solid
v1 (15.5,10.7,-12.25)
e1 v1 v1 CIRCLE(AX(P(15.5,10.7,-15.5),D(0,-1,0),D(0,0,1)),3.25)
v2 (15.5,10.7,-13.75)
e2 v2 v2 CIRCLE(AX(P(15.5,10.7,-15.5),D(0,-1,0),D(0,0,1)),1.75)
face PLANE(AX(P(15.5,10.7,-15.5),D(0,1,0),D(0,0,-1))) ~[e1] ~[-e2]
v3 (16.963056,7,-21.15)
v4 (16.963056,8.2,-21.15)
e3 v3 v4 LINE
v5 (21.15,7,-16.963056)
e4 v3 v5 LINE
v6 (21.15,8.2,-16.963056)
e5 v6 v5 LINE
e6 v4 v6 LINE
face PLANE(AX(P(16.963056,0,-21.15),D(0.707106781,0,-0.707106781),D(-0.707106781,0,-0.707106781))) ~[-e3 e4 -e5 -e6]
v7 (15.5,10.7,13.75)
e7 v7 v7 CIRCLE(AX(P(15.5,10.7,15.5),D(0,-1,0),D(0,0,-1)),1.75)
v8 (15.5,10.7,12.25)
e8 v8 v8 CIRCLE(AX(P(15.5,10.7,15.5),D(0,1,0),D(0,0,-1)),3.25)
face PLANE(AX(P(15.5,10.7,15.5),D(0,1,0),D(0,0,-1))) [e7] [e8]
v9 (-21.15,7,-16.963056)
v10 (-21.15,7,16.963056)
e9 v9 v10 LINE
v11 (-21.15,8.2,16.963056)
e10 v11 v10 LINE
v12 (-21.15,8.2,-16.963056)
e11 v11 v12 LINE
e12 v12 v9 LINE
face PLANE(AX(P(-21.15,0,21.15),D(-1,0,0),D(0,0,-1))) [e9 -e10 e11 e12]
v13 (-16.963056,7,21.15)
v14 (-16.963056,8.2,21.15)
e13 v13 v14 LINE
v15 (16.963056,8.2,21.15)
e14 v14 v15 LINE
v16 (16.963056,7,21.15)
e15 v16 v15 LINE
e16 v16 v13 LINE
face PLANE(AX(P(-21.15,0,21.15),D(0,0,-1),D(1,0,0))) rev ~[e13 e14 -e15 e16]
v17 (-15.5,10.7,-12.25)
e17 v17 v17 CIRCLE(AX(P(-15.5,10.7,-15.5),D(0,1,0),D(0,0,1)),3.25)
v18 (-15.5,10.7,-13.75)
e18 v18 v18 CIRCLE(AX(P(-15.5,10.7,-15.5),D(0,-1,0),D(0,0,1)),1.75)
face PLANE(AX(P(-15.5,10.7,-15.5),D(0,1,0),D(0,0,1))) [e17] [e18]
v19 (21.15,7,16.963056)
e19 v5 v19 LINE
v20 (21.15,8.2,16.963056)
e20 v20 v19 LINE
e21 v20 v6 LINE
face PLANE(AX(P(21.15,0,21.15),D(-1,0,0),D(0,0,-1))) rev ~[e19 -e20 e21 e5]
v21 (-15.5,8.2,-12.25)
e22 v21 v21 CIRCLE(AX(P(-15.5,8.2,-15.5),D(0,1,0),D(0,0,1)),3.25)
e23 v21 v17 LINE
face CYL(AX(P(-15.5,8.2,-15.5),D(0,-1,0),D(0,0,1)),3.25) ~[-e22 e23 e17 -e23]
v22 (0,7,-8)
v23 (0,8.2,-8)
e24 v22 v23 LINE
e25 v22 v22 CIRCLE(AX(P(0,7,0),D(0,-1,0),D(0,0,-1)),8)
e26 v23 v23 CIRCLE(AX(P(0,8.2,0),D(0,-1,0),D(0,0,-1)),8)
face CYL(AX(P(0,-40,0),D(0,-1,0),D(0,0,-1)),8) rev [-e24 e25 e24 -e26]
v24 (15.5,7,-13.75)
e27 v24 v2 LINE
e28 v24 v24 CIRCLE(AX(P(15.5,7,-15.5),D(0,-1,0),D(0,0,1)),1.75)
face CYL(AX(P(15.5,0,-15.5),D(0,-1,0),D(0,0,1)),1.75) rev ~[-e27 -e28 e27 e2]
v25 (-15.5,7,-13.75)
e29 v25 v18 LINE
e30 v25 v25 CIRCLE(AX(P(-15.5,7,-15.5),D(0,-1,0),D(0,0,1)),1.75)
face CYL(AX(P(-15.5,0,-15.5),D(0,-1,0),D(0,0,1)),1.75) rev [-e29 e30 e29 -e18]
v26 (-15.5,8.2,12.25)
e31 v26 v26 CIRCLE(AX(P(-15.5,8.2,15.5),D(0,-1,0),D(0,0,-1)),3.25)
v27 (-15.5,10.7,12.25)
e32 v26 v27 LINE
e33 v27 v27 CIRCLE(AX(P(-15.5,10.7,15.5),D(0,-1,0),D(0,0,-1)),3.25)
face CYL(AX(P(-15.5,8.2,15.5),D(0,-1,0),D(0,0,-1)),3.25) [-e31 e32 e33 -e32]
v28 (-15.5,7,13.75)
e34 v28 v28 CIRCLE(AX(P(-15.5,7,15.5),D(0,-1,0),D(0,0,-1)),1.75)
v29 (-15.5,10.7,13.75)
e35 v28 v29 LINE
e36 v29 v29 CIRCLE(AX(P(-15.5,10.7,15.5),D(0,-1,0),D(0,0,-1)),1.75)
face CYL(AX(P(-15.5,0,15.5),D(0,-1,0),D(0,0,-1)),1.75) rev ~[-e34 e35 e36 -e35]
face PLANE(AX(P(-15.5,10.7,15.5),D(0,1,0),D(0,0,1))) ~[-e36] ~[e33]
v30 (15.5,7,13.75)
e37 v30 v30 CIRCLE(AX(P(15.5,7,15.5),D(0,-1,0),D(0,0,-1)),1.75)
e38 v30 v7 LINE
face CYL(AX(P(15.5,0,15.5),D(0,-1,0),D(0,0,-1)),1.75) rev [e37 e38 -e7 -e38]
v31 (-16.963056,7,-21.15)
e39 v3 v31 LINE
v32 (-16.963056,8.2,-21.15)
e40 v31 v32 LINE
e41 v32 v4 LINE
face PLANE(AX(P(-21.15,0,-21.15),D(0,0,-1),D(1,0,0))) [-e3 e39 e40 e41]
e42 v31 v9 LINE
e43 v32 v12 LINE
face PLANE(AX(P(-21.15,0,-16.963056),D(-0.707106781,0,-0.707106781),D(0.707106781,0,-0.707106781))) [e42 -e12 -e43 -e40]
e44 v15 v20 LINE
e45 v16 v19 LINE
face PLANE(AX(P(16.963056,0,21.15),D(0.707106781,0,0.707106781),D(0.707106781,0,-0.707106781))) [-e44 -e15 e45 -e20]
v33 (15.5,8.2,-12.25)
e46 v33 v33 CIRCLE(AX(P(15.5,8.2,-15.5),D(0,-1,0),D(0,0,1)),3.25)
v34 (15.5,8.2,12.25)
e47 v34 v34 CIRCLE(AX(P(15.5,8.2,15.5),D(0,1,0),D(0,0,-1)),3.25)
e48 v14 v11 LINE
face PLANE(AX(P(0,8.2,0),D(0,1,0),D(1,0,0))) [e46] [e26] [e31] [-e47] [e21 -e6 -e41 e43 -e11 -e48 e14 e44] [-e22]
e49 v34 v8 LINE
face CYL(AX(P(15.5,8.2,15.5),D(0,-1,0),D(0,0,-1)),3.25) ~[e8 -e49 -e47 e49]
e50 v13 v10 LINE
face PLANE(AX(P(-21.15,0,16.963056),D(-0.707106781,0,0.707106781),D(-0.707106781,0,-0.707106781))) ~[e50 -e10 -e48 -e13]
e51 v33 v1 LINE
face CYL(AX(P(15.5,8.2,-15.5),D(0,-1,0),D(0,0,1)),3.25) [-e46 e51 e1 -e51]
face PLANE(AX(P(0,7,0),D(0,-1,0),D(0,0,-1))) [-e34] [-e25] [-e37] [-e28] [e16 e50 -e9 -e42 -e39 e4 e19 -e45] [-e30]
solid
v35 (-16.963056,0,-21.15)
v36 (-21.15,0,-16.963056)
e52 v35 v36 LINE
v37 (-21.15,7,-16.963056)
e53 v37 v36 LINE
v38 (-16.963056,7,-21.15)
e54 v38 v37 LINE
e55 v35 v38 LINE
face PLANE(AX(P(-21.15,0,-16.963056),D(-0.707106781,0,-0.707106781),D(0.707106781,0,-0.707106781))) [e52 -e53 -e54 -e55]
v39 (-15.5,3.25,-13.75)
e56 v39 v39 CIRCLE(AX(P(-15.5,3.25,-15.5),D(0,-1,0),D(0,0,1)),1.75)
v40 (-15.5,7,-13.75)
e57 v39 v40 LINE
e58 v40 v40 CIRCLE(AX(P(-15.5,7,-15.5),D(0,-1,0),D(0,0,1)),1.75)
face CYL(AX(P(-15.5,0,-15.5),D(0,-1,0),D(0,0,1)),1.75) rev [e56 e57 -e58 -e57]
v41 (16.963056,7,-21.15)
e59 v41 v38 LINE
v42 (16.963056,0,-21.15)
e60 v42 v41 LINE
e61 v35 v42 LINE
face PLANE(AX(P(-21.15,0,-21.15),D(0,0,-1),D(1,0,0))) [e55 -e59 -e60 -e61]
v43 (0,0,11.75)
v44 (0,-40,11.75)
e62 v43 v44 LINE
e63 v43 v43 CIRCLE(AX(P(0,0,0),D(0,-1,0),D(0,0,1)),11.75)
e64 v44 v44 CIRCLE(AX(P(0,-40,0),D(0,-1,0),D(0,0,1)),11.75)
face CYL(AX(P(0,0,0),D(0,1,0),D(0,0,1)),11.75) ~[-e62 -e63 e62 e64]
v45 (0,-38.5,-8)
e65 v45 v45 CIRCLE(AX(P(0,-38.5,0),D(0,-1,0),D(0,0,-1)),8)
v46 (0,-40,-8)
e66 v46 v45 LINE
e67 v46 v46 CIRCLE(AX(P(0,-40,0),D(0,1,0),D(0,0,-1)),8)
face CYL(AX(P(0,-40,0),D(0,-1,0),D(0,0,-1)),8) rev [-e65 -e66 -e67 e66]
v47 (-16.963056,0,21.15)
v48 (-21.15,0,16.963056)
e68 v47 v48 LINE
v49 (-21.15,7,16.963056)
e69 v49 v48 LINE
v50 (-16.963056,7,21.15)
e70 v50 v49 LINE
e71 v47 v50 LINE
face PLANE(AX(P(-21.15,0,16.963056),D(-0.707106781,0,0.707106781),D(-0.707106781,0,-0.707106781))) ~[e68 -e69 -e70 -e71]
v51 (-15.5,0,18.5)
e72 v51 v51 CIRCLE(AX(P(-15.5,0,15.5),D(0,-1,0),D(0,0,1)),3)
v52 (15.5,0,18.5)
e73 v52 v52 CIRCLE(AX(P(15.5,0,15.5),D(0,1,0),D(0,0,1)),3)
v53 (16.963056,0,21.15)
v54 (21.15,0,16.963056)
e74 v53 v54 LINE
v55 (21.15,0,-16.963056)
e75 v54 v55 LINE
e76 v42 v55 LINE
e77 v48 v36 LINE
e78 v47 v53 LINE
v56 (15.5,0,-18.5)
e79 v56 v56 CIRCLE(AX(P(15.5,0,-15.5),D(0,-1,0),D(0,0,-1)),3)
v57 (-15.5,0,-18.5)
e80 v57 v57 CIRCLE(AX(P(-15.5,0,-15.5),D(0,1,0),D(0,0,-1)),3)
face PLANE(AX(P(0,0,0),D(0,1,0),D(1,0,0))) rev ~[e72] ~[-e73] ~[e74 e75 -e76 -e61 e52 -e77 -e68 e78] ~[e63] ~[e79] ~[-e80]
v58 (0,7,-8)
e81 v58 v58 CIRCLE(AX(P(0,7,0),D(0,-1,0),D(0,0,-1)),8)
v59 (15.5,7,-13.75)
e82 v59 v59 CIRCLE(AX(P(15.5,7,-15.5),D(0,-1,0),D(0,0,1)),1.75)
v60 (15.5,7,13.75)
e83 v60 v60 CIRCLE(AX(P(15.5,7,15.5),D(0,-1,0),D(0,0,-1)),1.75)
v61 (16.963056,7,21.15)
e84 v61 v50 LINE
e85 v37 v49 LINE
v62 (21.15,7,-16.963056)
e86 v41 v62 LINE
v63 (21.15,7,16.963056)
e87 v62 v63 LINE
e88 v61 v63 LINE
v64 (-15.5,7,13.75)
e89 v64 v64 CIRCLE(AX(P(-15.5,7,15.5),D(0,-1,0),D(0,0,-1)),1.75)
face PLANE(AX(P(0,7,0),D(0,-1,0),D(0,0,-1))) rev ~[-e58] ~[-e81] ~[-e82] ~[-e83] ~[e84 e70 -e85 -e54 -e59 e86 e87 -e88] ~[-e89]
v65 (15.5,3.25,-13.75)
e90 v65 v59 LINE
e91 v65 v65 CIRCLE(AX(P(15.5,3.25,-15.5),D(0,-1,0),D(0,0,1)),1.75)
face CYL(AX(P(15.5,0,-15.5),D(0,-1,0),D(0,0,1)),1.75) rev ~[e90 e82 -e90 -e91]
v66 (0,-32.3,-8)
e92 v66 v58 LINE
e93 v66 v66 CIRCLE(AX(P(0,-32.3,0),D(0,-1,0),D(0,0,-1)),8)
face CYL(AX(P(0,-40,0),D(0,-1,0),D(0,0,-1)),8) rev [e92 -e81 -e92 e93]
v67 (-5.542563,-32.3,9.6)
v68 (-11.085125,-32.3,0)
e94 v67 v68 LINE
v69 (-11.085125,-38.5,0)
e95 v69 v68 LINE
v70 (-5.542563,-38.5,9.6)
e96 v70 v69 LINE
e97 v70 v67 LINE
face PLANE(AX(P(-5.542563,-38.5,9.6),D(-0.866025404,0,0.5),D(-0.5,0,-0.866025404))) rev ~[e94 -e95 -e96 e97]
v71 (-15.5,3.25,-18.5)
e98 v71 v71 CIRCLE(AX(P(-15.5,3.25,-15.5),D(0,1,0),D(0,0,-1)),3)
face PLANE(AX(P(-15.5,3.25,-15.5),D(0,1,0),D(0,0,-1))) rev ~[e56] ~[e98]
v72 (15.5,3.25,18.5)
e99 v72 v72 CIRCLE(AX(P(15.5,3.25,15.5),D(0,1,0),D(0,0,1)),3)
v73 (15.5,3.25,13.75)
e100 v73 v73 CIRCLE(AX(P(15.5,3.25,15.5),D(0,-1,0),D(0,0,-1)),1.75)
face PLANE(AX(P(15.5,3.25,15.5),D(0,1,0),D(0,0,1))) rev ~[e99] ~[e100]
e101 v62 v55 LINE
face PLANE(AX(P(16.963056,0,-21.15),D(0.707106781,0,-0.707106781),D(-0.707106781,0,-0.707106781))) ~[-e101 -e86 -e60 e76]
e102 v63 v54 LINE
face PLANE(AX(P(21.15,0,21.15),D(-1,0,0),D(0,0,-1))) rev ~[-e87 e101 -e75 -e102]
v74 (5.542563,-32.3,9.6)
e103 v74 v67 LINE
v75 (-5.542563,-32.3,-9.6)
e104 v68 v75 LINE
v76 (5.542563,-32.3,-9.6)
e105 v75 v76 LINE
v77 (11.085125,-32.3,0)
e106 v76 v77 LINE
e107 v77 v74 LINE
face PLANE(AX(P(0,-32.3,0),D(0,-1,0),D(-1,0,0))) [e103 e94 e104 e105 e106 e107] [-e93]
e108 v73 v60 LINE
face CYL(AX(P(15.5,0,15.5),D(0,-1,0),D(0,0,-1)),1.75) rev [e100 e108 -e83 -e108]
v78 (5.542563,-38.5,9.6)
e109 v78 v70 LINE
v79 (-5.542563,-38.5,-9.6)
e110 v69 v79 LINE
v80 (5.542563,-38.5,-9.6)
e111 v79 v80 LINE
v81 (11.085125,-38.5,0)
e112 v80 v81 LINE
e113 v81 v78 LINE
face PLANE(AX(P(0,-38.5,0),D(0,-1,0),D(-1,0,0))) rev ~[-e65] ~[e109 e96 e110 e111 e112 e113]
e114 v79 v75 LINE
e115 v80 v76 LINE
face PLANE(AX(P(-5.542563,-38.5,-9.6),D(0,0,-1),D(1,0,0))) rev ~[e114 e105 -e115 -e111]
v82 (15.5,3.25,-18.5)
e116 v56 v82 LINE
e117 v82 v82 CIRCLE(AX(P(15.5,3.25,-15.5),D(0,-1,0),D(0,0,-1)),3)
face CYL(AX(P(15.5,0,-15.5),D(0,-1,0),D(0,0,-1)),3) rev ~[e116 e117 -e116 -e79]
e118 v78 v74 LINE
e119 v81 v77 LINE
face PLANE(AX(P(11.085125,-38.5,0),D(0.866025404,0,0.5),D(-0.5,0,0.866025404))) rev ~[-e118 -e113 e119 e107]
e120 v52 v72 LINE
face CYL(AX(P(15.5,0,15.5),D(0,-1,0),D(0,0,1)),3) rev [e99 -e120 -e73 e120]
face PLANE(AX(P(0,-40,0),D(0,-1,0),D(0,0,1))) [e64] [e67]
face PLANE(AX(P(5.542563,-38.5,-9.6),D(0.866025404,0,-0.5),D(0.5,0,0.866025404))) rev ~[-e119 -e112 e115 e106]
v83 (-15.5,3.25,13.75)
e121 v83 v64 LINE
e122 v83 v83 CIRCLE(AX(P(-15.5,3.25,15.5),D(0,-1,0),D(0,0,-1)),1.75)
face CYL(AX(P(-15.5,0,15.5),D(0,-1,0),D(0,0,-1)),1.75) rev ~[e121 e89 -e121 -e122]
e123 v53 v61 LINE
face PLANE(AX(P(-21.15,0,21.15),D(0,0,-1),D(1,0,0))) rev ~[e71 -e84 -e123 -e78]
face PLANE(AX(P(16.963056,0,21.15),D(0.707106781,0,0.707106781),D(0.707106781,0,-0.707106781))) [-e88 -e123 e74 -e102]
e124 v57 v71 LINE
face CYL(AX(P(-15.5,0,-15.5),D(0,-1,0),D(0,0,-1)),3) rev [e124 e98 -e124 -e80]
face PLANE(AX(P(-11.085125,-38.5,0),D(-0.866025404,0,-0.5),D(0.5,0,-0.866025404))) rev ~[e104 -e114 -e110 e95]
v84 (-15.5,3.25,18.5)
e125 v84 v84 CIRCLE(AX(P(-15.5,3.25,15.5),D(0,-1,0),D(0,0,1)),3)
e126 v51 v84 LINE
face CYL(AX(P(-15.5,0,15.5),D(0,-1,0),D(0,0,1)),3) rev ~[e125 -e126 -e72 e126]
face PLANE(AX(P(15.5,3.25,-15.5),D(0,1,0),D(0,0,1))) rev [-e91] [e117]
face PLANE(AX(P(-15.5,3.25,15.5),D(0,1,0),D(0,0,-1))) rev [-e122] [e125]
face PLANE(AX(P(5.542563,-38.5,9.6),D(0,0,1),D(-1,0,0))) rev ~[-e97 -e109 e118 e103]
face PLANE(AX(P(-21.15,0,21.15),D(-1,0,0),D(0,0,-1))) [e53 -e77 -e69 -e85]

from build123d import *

# Parameters (mm, degrees)
SKETCH1_W               = 42.3
SKETCH1_H               = 42.3
BOSS_EXTRUDE1_DEPTH     = 8.2
CUT_EXTRUDE3_DEPTH      = 32.014270909
SKETCH6_R               = 3.25
BOSS_EXTRUDE2_DEPTH     = 2.5
SKETCH7_R               = 1.75
CUT_EXTRUDE6_DEPTH      = 32.766885274
SKETCH10_R              = 3
CUT_EXTRUDE9_DEPTH      = 3.25
MIRROR5_COPY_1_SKETCH_R = 3.25
MIRROR5_COPY_1_DEPTH    = 2.5
MIRROR5_COPY_2_SKETCH_R = 1.75
MIRROR5_COPY_2_DEPTH    = 32.766885274
MIRROR5_COPY_3_SKETCH_R = 3
MIRROR5_COPY_3_DEPTH    = 3.25
MIRROR5_COPY_4_SKETCH_R = 3.25
MIRROR5_COPY_4_DEPTH    = 2.5
MIRROR5_COPY_5_SKETCH_R = 1.75
MIRROR5_COPY_5_DEPTH    = 32.766885274
MIRROR5_COPY_6_SKETCH_R = 3
MIRROR5_COPY_6_DEPTH    = 3.25
SKETCH11_R              = 11.75
BOSS_EXTRUDE3_DEPTH     = 40
CUT_EXTRUDE10_START     = -1.5
CUT_EXTRUDE10_DEPTH     = 6.2
SKETCH8_R               = 8
CUT_EXTRUDE11_DEPTH     = 59.865397306


with BuildPart() as part:
    # Sketch1 → Boss-Extrude1 (new body)
    with BuildSketch(Plane(origin=(0, 0, 0), x_dir=(1, 0, 0), z_dir=(0, 1, 0))):
        Rectangle(SKETCH1_W, SKETCH1_H)
    extrude(amount=BOSS_EXTRUDE1_DEPTH)

    # Sketch4 → Cut-Extrude3 (cut, symmetric)
    with BuildSketch(Plane(origin=(0, 0, 0), x_dir=(1, 0, 0), z_dir=(0, 1, 0))):
        Polygon((-21.15, 16.963055506), (-16.963055506, 21.15), (-21.15, 21.15), align=None)
        Polygon((16.963055506, -21.15), (21.15, -16.963055506), (21.15, -21.15), align=None)
    cut_extrude3 = extrude(amount=CUT_EXTRUDE3_DEPTH, both=True, mode=Mode.SUBTRACT)

    # Mirror1: Cut-Extrude3 across plane
    add(cut_extrude3.mirror(Plane.XY), mode=Mode.SUBTRACT)

    # Sketch6 → Boss-Extrude2 (add)
    with BuildSketch(Plane(origin=(0, 8.2, 0), x_dir=(1, 0, 0), z_dir=(0, 1, 0))):
        with Locations((-15.5, 15.5)):
            Circle(SKETCH6_R)
    boss_extrude2 = extrude(amount=BOSS_EXTRUDE2_DEPTH)

    # Sketch7 → Cut-Extrude6 (cut, through all)
    with BuildSketch(Plane(origin=(0, 0, 0), x_dir=(1, 0, 0), z_dir=(0, 1, 0))):
        with Locations((-15.5, 15.5)):
            Circle(SKETCH7_R)
    cut_extrude6 = extrude(amount=CUT_EXTRUDE6_DEPTH, mode=Mode.SUBTRACT)

    # Sketch10 → Cut-Extrude9 (cut)
    with BuildSketch(Plane(origin=(0, 0, 0), x_dir=(-1, 0, 0), z_dir=(0, 1, 0))):
        with Locations((15.5, -15.5)):
            Circle(SKETCH10_R)
    cut_extrude9 = extrude(amount=CUT_EXTRUDE9_DEPTH, mode=Mode.SUBTRACT)

    # Mirror4: Boss-Extrude2, Cut-Extrude6, Cut-Extrude9 across plane
    add(boss_extrude2.mirror(Plane(origin=(0, 0, 0), x_dir=(0, 0, 1), z_dir=(1, 0, 0))))
    add(cut_extrude6.mirror(Plane(origin=(0, 0, 0), x_dir=(0, 0, 1), z_dir=(1, 0, 0))), mode=Mode.SUBTRACT)
    add(cut_extrude9.mirror(Plane(origin=(0, 0, 0), x_dir=(0, 0, 1), z_dir=(1, 0, 0))), mode=Mode.SUBTRACT)

    # Mirror5 copy 1 sketch → Mirror5 copy 1 (add)
    with BuildSketch(Plane(origin=(0, 8.2, 0), x_dir=(-1, 0, 0), z_dir=(0, 1, 0))):
        with Locations((-15.5, 15.5)):
            Circle(MIRROR5_COPY_1_SKETCH_R)
    extrude(amount=MIRROR5_COPY_1_DEPTH)

    # Mirror5 copy 2 sketch → Mirror5 copy 2 (cut, through all)
    with BuildSketch(Plane(origin=(0, 0, 0), x_dir=(-1, 0, 0), z_dir=(0, 1, 0))):
        with Locations((-15.5, 15.5)):
            Circle(MIRROR5_COPY_2_SKETCH_R)
    extrude(amount=MIRROR5_COPY_2_DEPTH, mode=Mode.SUBTRACT)

    # Mirror5 copy 3 sketch → Mirror5 copy 3 (cut)
    with BuildSketch(Plane(origin=(0, 0, 0), x_dir=(1, 0, 0), z_dir=(0, 1, 0))):
        with Locations((15.5, -15.5)):
            Circle(MIRROR5_COPY_3_SKETCH_R)
    extrude(amount=MIRROR5_COPY_3_DEPTH, mode=Mode.SUBTRACT)

    # Mirror5 copy 4 sketch → Mirror5 copy 4 (add)
    with BuildSketch(Plane(origin=(0, 8.2, 0), x_dir=(1, 0, 0), z_dir=(0, 1, 0))):
        with Locations((-15.5, -15.5)):
            Circle(MIRROR5_COPY_4_SKETCH_R)
    extrude(amount=MIRROR5_COPY_4_DEPTH)

    # Mirror5 copy 5 sketch → Mirror5 copy 5 (cut, through all)
    with BuildSketch(Plane(origin=(0, 0, 0), x_dir=(1, 0, 0), z_dir=(0, 1, 0))):
        with Locations((-15.5, -15.5)):
            Circle(MIRROR5_COPY_5_SKETCH_R)
    extrude(amount=MIRROR5_COPY_5_DEPTH, mode=Mode.SUBTRACT)

    # Mirror5 copy 6 sketch → Mirror5 copy 6 (cut)
    with BuildSketch(Plane(origin=(0, 0, 0), x_dir=(-1, 0, 0), z_dir=(0, 1, 0))):
        with Locations((15.5, 15.5)):
            Circle(MIRROR5_COPY_6_SKETCH_R)
    extrude(amount=MIRROR5_COPY_6_DEPTH, mode=Mode.SUBTRACT)

    # Sketch11 → Boss-Extrude3 (add)
    with BuildSketch(Plane.XZ):
        Circle(SKETCH11_R)
    extrude(amount=BOSS_EXTRUDE3_DEPTH)

    # Sketch2 → Cut-Extrude10 (cut)
    with BuildSketch(Plane(origin=(0, -40, 0), x_dir=(-1, 0, 0), z_dir=(0, -1, 0)).offset(CUT_EXTRUDE10_START)):
        Polygon((11.085125168, 0), (5.542562584, 9.6), (-5.542562584, 9.6), (-11.085125168, 0), (-5.542562584, -9.6), (5.542562584, -9.6), align=None)
    extrude(amount=-CUT_EXTRUDE10_DEPTH, mode=Mode.SUBTRACT)

    # Sketch8 → Cut-Extrude11 (cut, through all)
    with BuildSketch(Plane(origin=(0, -40, 0), x_dir=(1, 0, 0), z_dir=(0, 1, 0))):
        Circle(SKETCH8_R)
    extrude(amount=CUT_EXTRUDE11_DEPTH, mode=Mode.SUBTRACT)


with BuildPart() as body_2:
    # Split1: the piece on the far side of the plane
    add(part.part)
    split(bisect_by=Plane(origin=(0, 7, 0), x_dir=(0, 0, -1), z_dir=(0, -1, 0)), keep=Keep.BOTTOM)


with BuildPart() as part_1:
    add(part.part)

    # Split1
    split(bisect_by=Plane(origin=(0, 7, 0), x_dir=(0, 0, -1), z_dir=(0, -1, 0)), keep=Keep.TOP)


solid = Compound([body_2.part, part_1.part])
